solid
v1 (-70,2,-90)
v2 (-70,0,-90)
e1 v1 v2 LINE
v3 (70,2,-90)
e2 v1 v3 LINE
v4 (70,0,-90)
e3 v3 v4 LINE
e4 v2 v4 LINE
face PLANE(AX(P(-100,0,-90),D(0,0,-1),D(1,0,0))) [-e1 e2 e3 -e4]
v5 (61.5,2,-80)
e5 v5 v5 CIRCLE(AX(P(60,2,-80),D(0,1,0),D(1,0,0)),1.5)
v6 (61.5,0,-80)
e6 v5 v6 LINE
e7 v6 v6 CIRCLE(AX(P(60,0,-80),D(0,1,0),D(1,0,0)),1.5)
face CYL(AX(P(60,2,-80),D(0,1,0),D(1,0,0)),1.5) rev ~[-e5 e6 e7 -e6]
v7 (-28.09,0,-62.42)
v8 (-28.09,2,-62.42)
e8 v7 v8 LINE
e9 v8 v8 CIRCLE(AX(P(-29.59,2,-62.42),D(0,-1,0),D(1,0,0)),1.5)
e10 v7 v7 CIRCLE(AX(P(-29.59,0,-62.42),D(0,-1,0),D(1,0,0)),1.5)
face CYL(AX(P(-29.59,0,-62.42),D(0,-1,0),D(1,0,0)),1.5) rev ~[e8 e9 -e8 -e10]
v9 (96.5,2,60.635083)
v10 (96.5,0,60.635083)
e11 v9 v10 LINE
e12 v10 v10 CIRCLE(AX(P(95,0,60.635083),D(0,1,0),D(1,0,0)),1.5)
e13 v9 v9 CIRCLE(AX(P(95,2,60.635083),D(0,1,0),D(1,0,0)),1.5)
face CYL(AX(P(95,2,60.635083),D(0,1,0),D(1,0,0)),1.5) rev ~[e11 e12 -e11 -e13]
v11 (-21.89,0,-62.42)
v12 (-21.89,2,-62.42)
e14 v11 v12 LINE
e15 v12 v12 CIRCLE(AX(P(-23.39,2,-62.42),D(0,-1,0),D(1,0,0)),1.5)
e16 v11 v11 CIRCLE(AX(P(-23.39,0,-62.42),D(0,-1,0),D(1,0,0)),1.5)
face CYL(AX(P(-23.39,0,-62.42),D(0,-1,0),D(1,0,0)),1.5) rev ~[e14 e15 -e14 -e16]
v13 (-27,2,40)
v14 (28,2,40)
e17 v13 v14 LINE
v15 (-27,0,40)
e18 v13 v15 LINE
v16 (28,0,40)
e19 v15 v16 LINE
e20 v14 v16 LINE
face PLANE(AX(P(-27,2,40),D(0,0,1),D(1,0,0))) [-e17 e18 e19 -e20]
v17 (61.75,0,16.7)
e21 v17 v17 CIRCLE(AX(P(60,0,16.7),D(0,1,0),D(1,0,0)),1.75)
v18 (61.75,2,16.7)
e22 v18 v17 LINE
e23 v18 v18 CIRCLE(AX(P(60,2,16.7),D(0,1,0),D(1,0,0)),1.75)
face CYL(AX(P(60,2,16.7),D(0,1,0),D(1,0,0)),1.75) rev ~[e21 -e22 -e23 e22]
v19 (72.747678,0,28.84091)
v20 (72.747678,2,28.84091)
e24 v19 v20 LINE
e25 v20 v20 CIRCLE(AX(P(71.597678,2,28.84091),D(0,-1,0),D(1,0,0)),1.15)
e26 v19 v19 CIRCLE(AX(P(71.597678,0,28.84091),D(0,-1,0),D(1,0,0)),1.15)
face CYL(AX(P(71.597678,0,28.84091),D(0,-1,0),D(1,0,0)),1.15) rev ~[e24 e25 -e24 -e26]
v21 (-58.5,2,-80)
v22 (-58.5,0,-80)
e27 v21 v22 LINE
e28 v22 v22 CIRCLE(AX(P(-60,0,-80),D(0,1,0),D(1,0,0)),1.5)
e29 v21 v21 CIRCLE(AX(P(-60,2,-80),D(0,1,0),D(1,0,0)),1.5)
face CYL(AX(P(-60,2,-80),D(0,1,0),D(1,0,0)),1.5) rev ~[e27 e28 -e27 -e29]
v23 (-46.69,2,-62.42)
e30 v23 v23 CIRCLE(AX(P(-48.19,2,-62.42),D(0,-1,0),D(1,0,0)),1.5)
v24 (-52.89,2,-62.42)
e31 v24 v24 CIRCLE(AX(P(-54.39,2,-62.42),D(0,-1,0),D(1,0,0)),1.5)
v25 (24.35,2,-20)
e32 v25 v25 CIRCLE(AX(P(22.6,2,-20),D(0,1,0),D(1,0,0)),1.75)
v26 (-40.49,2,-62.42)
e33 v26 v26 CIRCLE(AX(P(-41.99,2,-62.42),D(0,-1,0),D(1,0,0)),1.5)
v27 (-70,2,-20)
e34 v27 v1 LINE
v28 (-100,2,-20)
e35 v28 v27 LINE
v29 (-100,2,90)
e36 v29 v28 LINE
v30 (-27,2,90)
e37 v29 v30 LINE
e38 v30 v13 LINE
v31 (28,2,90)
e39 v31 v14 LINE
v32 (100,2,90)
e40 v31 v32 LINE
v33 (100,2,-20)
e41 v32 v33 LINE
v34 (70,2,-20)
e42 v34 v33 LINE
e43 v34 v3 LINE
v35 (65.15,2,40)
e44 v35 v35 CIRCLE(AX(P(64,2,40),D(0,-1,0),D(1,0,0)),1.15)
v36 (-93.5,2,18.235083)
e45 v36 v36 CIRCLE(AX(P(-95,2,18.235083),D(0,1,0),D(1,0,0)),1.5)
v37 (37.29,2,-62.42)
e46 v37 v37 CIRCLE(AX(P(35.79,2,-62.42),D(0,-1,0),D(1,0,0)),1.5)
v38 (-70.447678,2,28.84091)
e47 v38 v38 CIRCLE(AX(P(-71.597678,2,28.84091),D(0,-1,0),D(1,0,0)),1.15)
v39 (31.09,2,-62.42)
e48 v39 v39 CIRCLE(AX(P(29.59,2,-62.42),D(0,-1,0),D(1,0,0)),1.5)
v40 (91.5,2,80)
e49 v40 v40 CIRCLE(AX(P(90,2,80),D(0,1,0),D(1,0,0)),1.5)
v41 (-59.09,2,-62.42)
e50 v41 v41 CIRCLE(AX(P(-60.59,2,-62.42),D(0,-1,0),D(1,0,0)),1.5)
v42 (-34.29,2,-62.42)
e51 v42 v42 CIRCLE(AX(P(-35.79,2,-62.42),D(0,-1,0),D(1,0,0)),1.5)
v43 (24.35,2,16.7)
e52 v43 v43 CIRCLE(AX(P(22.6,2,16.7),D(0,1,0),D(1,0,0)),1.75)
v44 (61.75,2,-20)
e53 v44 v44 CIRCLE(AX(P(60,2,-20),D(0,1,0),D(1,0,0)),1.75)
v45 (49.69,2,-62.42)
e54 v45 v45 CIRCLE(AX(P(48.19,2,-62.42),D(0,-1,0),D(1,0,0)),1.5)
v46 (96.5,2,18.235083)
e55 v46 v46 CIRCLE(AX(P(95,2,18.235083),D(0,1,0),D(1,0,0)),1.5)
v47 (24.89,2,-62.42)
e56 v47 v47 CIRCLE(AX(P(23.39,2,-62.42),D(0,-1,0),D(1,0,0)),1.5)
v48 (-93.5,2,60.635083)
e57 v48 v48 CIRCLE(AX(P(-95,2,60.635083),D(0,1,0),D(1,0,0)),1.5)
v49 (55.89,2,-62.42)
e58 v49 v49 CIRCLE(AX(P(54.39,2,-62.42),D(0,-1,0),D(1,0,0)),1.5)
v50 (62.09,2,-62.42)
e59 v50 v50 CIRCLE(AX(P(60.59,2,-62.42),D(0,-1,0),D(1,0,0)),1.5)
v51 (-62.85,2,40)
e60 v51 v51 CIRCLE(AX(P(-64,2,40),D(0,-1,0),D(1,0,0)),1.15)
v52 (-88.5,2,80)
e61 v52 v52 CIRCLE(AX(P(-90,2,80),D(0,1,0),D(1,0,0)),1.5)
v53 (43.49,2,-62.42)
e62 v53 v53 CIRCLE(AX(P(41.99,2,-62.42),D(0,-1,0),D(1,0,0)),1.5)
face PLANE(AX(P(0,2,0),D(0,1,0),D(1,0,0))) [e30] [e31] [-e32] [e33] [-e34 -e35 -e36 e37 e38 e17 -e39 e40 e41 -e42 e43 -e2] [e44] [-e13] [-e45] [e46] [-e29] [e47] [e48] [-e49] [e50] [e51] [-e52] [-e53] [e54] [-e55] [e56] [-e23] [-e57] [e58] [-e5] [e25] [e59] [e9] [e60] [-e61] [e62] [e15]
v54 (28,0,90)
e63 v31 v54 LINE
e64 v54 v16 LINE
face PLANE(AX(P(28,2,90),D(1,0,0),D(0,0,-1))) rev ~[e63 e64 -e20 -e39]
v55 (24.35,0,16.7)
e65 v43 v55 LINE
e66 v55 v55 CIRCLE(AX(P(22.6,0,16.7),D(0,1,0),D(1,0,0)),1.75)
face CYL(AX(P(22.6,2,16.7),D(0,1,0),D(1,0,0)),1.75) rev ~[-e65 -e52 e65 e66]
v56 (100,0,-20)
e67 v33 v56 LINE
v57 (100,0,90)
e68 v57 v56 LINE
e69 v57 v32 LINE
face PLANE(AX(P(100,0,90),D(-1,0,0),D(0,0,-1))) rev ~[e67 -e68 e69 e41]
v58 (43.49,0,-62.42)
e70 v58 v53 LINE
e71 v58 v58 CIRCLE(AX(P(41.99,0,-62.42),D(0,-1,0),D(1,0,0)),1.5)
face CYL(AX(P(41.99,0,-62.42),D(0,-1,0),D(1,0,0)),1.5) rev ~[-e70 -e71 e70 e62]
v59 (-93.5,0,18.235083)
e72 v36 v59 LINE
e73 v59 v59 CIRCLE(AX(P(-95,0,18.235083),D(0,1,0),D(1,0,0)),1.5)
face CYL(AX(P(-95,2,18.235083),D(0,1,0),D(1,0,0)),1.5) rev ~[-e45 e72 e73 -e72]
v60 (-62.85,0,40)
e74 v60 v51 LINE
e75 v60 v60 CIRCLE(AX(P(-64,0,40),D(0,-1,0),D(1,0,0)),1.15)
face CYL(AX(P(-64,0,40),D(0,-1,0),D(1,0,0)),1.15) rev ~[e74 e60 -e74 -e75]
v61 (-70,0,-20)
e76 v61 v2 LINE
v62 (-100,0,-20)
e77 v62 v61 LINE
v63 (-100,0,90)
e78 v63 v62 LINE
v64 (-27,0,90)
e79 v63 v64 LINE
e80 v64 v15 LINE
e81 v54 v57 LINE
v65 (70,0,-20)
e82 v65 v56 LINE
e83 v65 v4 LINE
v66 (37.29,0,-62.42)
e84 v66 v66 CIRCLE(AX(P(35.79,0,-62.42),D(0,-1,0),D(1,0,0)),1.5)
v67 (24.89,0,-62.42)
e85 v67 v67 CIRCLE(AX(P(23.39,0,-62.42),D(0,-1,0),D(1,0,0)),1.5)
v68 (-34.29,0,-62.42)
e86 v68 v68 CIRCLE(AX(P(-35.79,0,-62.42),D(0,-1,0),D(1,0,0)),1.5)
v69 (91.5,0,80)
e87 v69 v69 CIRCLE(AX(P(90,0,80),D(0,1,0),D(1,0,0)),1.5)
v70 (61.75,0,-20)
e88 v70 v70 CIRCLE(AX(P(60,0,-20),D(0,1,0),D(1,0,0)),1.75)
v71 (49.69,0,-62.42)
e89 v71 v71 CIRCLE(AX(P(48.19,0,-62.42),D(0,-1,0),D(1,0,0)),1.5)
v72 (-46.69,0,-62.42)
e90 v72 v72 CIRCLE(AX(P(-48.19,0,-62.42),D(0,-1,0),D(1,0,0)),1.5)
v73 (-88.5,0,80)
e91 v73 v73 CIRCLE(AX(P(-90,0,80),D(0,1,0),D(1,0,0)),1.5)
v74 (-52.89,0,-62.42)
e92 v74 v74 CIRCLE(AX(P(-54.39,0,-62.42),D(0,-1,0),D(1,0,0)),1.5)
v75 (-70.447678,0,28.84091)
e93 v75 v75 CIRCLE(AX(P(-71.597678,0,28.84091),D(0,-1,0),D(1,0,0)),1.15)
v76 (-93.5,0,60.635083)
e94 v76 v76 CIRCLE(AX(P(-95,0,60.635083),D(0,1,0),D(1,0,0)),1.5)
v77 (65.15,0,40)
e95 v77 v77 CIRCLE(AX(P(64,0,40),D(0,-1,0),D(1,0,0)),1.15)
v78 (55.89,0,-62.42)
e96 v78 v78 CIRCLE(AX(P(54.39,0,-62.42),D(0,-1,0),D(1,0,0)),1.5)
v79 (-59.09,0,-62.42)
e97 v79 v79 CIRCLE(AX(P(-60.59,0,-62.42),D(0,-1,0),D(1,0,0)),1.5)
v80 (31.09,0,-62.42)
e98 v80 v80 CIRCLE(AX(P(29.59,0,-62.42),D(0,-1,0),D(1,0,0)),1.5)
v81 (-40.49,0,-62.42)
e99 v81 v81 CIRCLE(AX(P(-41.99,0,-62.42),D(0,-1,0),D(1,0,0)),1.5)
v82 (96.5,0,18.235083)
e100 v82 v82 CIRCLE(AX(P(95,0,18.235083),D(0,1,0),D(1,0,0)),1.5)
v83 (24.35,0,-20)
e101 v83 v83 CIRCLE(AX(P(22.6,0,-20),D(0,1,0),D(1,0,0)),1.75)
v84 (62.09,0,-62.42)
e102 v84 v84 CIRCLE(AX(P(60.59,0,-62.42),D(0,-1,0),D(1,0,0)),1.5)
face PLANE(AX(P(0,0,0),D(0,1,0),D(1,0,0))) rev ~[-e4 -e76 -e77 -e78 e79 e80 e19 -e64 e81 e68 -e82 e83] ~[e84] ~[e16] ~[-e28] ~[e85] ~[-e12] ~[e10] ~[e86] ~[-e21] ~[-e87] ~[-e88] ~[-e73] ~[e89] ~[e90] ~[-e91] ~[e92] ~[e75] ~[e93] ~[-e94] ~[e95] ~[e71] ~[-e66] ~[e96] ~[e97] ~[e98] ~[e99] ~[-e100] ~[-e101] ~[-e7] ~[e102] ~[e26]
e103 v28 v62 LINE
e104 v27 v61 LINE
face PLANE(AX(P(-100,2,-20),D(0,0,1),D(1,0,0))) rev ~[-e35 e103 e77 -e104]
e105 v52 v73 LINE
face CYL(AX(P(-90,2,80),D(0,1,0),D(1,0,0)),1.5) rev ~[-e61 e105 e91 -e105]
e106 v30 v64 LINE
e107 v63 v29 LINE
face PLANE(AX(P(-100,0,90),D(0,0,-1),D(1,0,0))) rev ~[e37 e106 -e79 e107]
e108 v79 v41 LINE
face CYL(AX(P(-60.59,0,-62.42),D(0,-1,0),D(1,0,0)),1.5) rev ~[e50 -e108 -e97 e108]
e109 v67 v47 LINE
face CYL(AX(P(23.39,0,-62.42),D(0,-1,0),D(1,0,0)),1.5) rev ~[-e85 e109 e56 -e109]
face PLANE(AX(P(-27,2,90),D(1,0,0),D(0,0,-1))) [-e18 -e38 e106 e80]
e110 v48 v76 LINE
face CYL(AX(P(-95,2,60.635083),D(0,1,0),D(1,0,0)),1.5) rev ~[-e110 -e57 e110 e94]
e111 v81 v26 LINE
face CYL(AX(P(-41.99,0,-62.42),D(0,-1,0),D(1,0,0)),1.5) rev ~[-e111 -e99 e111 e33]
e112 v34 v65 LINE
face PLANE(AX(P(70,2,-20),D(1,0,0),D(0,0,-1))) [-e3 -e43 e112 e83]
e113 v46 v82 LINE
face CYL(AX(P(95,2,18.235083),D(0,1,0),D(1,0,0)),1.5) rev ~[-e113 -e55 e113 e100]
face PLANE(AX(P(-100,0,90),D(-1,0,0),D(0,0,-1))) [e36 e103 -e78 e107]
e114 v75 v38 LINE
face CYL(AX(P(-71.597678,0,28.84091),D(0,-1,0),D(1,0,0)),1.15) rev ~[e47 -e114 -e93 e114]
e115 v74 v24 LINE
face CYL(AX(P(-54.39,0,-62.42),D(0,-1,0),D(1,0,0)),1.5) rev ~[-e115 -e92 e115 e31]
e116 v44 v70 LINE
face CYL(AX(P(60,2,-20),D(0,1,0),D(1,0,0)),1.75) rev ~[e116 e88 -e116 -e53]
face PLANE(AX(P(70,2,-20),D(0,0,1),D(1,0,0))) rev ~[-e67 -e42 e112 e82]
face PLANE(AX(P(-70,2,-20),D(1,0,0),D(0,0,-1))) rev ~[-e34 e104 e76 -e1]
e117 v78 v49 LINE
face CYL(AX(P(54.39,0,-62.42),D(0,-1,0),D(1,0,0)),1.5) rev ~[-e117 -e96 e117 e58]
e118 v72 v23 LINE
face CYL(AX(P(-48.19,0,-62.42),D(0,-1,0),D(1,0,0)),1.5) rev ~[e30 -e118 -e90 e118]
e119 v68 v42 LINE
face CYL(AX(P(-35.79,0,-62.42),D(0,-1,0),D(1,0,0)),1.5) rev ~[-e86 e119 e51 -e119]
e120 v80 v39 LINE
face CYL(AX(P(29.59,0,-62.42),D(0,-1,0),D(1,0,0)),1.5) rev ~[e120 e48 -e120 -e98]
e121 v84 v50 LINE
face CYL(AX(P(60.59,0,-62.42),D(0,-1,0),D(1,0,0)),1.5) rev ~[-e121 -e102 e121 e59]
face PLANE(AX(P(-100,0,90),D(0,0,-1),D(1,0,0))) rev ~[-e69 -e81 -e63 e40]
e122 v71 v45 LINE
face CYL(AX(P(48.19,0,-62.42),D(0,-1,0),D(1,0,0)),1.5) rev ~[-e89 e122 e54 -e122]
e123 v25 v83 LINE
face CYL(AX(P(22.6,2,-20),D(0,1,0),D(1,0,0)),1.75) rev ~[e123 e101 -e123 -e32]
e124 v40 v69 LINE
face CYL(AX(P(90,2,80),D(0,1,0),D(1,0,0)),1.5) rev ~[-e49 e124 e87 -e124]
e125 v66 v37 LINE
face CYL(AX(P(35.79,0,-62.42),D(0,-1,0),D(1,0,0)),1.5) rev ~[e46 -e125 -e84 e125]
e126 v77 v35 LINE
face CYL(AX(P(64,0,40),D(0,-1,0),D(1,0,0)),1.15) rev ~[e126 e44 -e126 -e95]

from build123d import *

# Parameters (mm, degrees)
SKETCH1_W           = 200
SKETCH1_H           = 180
BOSS_EXTRUDE1_DEPTH = 2
SKETCH2_W           = 55
SKETCH2_H           = 50
CUT_EXTRUDE1_DEPTH  = 4
SKETCH3_W           = 30
SKETCH3_H           = 70
CUT_EXTRUDE2_DEPTH  = 16
SKETCH4_R           = 1.5
CUT_EXTRUDE3_DEPTH  = 10
SKETCH5_R           = 1.75
CUT_EXTRUDE4_DEPTH  = 10
SKETCH6_R           = 1.5
CUT_EXTRUDE5_DEPTH  = 2
SKETCH7_R           = 1.15
CUT_EXTRUDE6_DEPTH  = 2
SKETCH8_R           = 1.5
CUT_EXTRUDE7_DEPTH  = 2


with BuildPart() as part:
    # Sketch1 → Boss-Extrude1 (new body)
    with BuildSketch(Plane(origin=(0, 0, 0), x_dir=(1, 0, 0), z_dir=(0, 1, 0))):
        Rectangle(SKETCH1_W, SKETCH1_H)
    extrude(amount=BOSS_EXTRUDE1_DEPTH)

    # Sketch2 → Cut-Extrude1 (cut)
    with BuildSketch(Plane(origin=(0, 2, 0), x_dir=(1, 0, 0), z_dir=(0, 1, 0))):
        with Locations((0.5, -65)):
            Rectangle(SKETCH2_W, SKETCH2_H)
    extrude(amount=-CUT_EXTRUDE1_DEPTH, mode=Mode.SUBTRACT)

    # Sketch3 → Cut-Extrude2 (cut)
    with BuildSketch(Plane(origin=(0, 2, 0), x_dir=(1, 0, 0), z_dir=(0, 1, 0))):
        with Locations((85, 55)):
            Rectangle(SKETCH3_W, SKETCH3_H)
        with Locations((-85, 55)):
            Rectangle(SKETCH3_W, SKETCH3_H)
    extrude(amount=-CUT_EXTRUDE2_DEPTH, mode=Mode.SUBTRACT)

    # Sketch4 → Cut-Extrude3 (cut)
    with BuildSketch(Plane(origin=(0, 2, 0), x_dir=(1, 0, 0), z_dir=(0, 1, 0))):
        with Locations((90, -80)):
            Circle(SKETCH4_R)
        with Locations((-90, -80)):
            Circle(SKETCH4_R)
        with Locations((60, 80)):
            Circle(SKETCH4_R)
        with Locations((-60, 80)):
            Circle(SKETCH4_R)
    extrude(amount=-CUT_EXTRUDE3_DEPTH, mode=Mode.SUBTRACT)

    # Sketch5 → Cut-Extrude4 (cut)
    with BuildSketch(Plane(origin=(0, 2, 0), x_dir=(1, 0, 0), z_dir=(0, 1, 0))):
        with Locations((60, 20)):
            Circle(SKETCH5_R)
        with Locations((22.6, 20)):
            Circle(SKETCH5_R)
        with Locations((22.6, -16.7)):
            Circle(SKETCH5_R)
        with Locations((60, -16.7)):
            Circle(SKETCH5_R)
    extrude(amount=-CUT_EXTRUDE4_DEPTH, mode=Mode.SUBTRACT)

    # Sketch6 → Cut-Extrude5 (cut)
    with BuildSketch(Plane(origin=(0, 2, 0), x_dir=(1, 0, 0), z_dir=(0, 1, 0))):
        with Locations((-95, -60.635083269)):
            Circle(SKETCH6_R)
        with Locations((-95, -18.235083269)):
            Circle(SKETCH6_R)
        with Locations((95, -60.635083269)):
            Circle(SKETCH6_R)
        with Locations((95, -18.235083269)):
            Circle(SKETCH6_R)
    extrude(amount=-CUT_EXTRUDE5_DEPTH, mode=Mode.SUBTRACT)

    # Sketch7 → Cut-Extrude6 (cut)
    with BuildSketch(Plane.XZ):
        with Locations((64, 40)):
            Circle(SKETCH7_R)
        with Locations((71.597678191, 28.840910158)):
            Circle(SKETCH7_R)
        with Locations((-64, 40)):
            Circle(SKETCH7_R)
        with Locations((-71.597678191, 28.840910158)):
            Circle(SKETCH7_R)
    extrude(amount=-CUT_EXTRUDE6_DEPTH, mode=Mode.SUBTRACT)

    # Sketch8 → Cut-Extrude7 (cut)
    with BuildSketch(Plane.XZ):
        with Locations((60.59, -62.42)):
            Circle(SKETCH8_R)
        with Locations((54.39, -62.42)):
            Circle(SKETCH8_R)
        with Locations((48.19, -62.42)):
            Circle(SKETCH8_R)
        with Locations((41.99, -62.42)):
            Circle(SKETCH8_R)
        with Locations((35.79, -62.42)):
            Circle(SKETCH8_R)
        with Locations((29.59, -62.42)):
            Circle(SKETCH8_R)
        with Locations((23.39, -62.42)):
            Circle(SKETCH8_R)
        with Locations((-23.39, -62.42)):
            Circle(SKETCH8_R)
        with Locations((-29.59, -62.42)):
            Circle(SKETCH8_R)
        with Locations((-35.79, -62.42)):
            Circle(SKETCH8_R)
        with Locations((-41.99, -62.42)):
            Circle(SKETCH8_R)
        with Locations((-60.59, -62.42)):
            Circle(SKETCH8_R)
        with Locations((-54.39, -62.42)):
            Circle(SKETCH8_R)
        with Locations((-48.19, -62.42)):
            Circle(SKETCH8_R)
    extrude(amount=-CUT_EXTRUDE7_DEPTH, mode=Mode.SUBTRACT)


solid = part.part
